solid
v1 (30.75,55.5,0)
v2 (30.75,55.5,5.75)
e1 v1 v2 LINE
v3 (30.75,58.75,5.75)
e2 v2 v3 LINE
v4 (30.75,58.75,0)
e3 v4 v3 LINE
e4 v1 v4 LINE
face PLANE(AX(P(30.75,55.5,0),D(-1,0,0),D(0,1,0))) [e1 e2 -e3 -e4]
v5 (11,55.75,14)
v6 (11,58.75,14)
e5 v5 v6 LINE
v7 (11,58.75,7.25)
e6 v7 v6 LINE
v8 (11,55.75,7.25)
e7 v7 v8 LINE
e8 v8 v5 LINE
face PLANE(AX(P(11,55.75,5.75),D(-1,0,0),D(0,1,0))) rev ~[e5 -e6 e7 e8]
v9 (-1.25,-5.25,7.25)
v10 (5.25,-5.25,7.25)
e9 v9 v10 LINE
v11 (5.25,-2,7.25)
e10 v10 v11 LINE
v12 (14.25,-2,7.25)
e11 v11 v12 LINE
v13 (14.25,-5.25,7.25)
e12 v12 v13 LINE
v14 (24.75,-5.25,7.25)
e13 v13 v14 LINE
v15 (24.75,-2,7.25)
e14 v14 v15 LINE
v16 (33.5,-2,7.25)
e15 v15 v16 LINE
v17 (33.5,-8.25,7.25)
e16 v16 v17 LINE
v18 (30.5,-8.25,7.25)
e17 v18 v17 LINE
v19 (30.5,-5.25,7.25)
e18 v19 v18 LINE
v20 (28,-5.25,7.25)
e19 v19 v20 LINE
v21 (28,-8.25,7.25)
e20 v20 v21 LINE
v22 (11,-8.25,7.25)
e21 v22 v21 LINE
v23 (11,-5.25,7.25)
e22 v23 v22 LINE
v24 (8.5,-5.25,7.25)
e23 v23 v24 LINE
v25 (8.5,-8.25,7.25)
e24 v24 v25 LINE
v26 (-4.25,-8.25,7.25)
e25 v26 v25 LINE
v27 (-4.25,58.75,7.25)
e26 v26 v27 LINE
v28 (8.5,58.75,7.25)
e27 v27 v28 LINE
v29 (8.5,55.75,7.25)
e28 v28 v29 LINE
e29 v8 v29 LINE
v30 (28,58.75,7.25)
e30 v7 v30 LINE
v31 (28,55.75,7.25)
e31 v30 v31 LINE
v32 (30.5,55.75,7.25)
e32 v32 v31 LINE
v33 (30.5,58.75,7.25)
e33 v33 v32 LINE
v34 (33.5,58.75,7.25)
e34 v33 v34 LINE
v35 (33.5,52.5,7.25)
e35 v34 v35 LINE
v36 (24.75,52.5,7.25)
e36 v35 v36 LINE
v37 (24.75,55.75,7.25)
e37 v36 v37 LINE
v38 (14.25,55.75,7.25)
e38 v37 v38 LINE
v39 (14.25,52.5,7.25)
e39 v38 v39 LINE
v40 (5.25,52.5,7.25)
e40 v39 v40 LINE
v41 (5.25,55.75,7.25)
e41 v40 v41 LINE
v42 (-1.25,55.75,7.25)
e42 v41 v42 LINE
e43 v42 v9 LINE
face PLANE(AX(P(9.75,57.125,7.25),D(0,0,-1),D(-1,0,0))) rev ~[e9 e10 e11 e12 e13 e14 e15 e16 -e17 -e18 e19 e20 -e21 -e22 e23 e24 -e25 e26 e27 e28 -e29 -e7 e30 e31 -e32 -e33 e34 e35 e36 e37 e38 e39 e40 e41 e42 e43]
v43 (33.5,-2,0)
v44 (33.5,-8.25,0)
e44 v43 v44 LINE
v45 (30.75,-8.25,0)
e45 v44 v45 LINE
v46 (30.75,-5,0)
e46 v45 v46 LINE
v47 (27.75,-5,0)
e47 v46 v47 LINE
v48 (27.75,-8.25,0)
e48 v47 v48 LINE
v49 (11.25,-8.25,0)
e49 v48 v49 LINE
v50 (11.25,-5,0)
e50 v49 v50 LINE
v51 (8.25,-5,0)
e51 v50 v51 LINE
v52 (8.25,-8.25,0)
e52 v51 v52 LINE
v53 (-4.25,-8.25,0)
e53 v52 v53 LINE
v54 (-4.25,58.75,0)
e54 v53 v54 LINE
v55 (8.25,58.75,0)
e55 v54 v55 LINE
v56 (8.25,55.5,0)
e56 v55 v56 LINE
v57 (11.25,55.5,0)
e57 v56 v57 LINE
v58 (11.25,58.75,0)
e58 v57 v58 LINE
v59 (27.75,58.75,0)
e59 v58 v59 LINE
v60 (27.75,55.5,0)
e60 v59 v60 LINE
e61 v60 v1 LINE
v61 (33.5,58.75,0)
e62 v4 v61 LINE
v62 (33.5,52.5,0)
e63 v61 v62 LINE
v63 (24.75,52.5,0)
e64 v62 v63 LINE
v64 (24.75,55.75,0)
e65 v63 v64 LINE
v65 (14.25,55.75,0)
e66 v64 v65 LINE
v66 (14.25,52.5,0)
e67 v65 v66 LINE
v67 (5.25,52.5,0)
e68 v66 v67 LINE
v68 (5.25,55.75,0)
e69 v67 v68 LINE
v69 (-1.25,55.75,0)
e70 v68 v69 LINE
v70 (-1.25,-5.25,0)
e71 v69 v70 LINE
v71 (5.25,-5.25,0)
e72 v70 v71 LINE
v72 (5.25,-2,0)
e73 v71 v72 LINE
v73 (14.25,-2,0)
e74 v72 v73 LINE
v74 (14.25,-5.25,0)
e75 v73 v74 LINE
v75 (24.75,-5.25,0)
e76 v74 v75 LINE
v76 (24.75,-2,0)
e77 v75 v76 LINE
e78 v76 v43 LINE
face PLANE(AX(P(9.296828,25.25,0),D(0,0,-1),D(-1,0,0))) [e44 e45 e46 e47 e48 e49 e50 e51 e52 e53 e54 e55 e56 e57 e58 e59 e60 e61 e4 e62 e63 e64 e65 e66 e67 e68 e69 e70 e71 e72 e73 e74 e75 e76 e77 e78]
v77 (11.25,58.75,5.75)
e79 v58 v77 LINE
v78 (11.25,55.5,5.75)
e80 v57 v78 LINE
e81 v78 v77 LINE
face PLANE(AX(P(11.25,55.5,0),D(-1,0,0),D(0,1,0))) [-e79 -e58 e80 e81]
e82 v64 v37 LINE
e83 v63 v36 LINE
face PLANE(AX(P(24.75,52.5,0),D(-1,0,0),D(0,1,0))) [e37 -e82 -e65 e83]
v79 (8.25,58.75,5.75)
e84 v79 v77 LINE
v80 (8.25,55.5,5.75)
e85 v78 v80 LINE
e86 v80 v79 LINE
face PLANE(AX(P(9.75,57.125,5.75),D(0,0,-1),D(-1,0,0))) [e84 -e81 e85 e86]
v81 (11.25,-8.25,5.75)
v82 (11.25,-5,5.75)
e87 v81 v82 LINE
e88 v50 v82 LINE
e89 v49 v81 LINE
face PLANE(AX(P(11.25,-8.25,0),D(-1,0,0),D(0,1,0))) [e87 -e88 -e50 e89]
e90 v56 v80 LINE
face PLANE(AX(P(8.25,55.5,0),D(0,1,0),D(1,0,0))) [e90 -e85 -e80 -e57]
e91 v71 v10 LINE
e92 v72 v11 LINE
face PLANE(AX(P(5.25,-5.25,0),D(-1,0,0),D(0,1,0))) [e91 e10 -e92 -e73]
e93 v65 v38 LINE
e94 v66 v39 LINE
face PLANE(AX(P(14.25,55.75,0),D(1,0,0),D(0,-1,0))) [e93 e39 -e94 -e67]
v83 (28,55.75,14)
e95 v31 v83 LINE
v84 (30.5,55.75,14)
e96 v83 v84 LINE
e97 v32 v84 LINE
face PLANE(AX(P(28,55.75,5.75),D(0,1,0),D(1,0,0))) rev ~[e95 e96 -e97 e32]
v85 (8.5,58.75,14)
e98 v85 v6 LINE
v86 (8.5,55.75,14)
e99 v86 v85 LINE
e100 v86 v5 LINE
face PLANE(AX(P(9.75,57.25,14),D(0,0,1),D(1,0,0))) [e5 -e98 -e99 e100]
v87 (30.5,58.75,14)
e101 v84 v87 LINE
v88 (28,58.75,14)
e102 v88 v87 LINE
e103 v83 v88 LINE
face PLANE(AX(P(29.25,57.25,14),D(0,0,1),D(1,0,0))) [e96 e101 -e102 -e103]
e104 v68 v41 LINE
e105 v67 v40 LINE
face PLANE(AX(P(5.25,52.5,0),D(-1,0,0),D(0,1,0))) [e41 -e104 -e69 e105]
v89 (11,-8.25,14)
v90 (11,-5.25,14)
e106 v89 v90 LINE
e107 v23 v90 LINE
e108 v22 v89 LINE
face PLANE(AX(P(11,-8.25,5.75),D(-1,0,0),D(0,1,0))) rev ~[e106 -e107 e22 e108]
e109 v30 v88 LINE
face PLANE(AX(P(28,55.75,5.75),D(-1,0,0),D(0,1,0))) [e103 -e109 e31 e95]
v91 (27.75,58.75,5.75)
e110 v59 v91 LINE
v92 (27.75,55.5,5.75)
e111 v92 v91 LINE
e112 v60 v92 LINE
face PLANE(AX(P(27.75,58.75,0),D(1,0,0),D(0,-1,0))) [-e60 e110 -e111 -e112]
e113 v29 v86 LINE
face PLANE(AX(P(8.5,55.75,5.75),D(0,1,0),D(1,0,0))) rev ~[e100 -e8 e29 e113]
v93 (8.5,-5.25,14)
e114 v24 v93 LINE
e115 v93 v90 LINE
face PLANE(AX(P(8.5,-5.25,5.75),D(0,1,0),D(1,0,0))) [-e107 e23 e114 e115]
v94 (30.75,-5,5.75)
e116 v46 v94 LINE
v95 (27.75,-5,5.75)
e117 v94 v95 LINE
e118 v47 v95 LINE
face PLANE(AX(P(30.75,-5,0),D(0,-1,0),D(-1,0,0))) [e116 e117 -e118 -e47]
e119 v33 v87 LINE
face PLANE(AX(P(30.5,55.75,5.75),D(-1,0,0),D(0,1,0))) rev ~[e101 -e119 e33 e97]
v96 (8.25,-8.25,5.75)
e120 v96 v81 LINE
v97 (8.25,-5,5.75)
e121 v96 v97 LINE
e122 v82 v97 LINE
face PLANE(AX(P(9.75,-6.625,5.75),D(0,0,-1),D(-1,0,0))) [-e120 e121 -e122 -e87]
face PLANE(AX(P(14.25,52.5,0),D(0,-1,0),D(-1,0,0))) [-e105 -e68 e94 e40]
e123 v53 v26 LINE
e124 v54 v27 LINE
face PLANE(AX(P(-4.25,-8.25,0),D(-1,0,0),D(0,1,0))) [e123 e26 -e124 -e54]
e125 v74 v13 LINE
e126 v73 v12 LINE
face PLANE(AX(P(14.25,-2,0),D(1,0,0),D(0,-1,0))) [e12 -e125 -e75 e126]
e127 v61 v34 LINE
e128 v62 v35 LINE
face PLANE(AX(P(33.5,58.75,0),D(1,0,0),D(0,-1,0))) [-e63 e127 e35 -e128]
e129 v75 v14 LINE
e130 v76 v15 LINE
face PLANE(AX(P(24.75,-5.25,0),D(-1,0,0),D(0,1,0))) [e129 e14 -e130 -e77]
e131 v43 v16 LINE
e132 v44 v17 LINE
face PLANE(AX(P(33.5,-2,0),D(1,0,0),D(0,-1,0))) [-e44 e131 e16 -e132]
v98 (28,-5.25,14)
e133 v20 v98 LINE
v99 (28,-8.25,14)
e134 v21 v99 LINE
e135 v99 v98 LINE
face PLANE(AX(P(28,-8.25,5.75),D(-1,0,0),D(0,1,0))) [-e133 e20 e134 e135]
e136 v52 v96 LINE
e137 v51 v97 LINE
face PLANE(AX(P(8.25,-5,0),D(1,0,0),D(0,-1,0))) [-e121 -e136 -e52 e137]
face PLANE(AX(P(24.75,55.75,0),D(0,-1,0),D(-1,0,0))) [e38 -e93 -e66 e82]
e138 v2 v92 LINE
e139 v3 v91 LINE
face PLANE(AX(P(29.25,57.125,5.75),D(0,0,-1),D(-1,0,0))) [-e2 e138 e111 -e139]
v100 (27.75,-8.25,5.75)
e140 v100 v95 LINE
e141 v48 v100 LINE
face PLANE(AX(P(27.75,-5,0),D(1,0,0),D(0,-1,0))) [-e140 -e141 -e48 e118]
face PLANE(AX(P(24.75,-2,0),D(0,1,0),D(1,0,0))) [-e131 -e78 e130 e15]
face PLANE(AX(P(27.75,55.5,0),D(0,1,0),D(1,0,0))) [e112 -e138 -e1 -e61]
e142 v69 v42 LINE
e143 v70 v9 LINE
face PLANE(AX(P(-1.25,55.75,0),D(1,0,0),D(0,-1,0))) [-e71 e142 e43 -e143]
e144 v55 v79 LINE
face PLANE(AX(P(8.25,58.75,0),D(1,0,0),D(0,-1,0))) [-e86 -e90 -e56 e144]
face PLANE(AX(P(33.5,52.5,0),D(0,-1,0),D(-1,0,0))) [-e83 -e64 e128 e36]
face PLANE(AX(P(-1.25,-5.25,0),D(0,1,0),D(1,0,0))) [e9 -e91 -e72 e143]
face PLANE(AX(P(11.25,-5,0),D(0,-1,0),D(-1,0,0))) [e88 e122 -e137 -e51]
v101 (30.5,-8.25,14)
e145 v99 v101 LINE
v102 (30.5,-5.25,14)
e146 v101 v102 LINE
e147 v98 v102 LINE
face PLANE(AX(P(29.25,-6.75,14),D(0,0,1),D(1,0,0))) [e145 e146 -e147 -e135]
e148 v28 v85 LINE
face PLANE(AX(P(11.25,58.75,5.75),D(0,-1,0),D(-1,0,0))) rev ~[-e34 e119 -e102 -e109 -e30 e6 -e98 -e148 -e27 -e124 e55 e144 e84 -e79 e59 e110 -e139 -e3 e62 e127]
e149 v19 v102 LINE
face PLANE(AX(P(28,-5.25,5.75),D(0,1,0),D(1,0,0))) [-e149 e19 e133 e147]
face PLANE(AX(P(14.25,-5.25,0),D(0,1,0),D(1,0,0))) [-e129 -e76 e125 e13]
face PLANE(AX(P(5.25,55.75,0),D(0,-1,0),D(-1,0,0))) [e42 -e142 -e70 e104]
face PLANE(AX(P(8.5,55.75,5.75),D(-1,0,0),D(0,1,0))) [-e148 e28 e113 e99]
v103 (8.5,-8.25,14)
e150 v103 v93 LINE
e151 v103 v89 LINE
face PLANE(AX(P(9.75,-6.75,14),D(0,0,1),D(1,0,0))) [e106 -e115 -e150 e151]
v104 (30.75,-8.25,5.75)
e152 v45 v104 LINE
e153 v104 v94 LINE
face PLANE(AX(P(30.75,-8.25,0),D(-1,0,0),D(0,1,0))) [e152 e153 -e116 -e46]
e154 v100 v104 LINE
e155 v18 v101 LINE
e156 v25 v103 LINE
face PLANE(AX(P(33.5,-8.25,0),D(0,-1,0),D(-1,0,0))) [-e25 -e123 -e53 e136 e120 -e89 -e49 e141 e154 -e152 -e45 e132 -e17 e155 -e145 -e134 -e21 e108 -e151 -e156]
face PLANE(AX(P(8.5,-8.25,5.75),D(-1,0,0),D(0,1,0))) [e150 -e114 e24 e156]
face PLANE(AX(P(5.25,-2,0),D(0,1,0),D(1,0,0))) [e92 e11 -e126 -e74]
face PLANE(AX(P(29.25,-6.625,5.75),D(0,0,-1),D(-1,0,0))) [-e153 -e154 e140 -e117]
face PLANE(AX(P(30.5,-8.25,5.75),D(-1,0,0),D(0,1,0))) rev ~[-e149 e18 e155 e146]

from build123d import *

# Parameters (mm, degrees)
BOSS_EXTRUDE1_DEPTH   = 7.25
SKETCH2_W             = 2.5
SKETCH2_H             = 3
BOSS_EXTRUDE2_DEPTH   = 8.25
BOSS_EXTRUDE2_2_DEPTH = 8.25
BOSS_EXTRUDE2_3_DEPTH = 8.25
BOSS_EXTRUDE2_4_DEPTH = 8.25
SKETCH3_W             = 3
SKETCH3_H             = 3.25
BOSS_EXTRUDE3_DEPTH   = 1.5


with BuildPart() as part:
    # Sketch1 → Boss-Extrude1 (new body)
    with BuildSketch(Plane.XY):
        Polygon((-4.25, 58.75), (8.25, 58.75), (8.25, 55.5), (11.25, 55.5), (11.25, 58.75), (27.75, 58.75), (27.75, 55.5), (30.75, 55.5), (30.75, 58.75), (33.5, 58.75), (33.5, 52.5), (24.75, 52.5), (24.75, 55.75), (14.25, 55.75), (14.25, 52.5), (5.25, 52.5), (5.25, 55.75), (-1.25, 55.75), (-1.25, -5.25), (5.25, -5.25), (5.25, -2), (14.25, -2), (14.25, -5.25), (24.75, -5.25), (24.75, -2), (33.5, -2), (33.5, -8.25), (30.75, -8.25), (30.75, -5), (27.75, -5), (27.75, -8.25), (11.25, -8.25), (11.25, -5), (8.25, -5), (8.25, -8.25), (-4.25, -8.25), align=None)
    extrude(amount=BOSS_EXTRUDE1_DEPTH)



with BuildPart() as body_2:
    # Sketch2 → Boss-Extrude2 (new body)
    with BuildSketch(Plane.XY.offset(5.75)):
        with Locations((9.75, -6.75)):
            Rectangle(SKETCH2_W, SKETCH2_H)
    extrude(amount=BOSS_EXTRUDE2_DEPTH)


with BuildPart() as body_3:
    # Sketch2 → Boss-Extrude2 2 (new body)
    with BuildSketch(Plane.XY.offset(5.75)):
        with Locations((29.25, -6.75)):
            Rectangle(SKETCH2_W, SKETCH2_H)
    extrude(amount=BOSS_EXTRUDE2_2_DEPTH)


with BuildPart() as body_4:
    # Sketch2 → Boss-Extrude2 3 (new body)
    with BuildSketch(Plane.XY.offset(5.75)):
        with Locations((29.25, 57.25)):
            Rectangle(SKETCH2_W, SKETCH2_H)
    extrude(amount=BOSS_EXTRUDE2_3_DEPTH)


with BuildPart() as body_5:
    # Sketch2 → Boss-Extrude2 4 (new body)
    with BuildSketch(Plane.XY.offset(5.75)):
        with Locations((9.75, 57.25)):
            Rectangle(SKETCH2_W, SKETCH2_H)
    extrude(amount=BOSS_EXTRUDE2_4_DEPTH)


with BuildPart() as part_1:
    add(part.part)

    add(body_2.part)  # Boss-Extrude3 merges body 2

    add(body_3.part)  # Boss-Extrude3 merges body 3

    add(body_4.part)  # Boss-Extrude3 merges body 4

    add(body_5.part)  # Boss-Extrude3 merges body 5
    # Sketch3 → Boss-Extrude3 (add)
    with BuildSketch(Plane(origin=(0, 0, 5.75), x_dir=(-1, 0, 0), z_dir=(0, 0, -1))):
        with Locations((-9.75, 57.125)):
            Rectangle(SKETCH3_W, SKETCH3_H)
        with Locations((-29.25, 57.125)):
            Rectangle(SKETCH3_W, SKETCH3_H)
        with Locations((-29.25, -6.625)):
            Rectangle(SKETCH3_W, SKETCH3_H)
        with Locations((-9.75, -6.625)):
            Rectangle(SKETCH3_W, SKETCH3_H)
    extrude(amount=-BOSS_EXTRUDE3_DEPTH)


solid = part_1.part
